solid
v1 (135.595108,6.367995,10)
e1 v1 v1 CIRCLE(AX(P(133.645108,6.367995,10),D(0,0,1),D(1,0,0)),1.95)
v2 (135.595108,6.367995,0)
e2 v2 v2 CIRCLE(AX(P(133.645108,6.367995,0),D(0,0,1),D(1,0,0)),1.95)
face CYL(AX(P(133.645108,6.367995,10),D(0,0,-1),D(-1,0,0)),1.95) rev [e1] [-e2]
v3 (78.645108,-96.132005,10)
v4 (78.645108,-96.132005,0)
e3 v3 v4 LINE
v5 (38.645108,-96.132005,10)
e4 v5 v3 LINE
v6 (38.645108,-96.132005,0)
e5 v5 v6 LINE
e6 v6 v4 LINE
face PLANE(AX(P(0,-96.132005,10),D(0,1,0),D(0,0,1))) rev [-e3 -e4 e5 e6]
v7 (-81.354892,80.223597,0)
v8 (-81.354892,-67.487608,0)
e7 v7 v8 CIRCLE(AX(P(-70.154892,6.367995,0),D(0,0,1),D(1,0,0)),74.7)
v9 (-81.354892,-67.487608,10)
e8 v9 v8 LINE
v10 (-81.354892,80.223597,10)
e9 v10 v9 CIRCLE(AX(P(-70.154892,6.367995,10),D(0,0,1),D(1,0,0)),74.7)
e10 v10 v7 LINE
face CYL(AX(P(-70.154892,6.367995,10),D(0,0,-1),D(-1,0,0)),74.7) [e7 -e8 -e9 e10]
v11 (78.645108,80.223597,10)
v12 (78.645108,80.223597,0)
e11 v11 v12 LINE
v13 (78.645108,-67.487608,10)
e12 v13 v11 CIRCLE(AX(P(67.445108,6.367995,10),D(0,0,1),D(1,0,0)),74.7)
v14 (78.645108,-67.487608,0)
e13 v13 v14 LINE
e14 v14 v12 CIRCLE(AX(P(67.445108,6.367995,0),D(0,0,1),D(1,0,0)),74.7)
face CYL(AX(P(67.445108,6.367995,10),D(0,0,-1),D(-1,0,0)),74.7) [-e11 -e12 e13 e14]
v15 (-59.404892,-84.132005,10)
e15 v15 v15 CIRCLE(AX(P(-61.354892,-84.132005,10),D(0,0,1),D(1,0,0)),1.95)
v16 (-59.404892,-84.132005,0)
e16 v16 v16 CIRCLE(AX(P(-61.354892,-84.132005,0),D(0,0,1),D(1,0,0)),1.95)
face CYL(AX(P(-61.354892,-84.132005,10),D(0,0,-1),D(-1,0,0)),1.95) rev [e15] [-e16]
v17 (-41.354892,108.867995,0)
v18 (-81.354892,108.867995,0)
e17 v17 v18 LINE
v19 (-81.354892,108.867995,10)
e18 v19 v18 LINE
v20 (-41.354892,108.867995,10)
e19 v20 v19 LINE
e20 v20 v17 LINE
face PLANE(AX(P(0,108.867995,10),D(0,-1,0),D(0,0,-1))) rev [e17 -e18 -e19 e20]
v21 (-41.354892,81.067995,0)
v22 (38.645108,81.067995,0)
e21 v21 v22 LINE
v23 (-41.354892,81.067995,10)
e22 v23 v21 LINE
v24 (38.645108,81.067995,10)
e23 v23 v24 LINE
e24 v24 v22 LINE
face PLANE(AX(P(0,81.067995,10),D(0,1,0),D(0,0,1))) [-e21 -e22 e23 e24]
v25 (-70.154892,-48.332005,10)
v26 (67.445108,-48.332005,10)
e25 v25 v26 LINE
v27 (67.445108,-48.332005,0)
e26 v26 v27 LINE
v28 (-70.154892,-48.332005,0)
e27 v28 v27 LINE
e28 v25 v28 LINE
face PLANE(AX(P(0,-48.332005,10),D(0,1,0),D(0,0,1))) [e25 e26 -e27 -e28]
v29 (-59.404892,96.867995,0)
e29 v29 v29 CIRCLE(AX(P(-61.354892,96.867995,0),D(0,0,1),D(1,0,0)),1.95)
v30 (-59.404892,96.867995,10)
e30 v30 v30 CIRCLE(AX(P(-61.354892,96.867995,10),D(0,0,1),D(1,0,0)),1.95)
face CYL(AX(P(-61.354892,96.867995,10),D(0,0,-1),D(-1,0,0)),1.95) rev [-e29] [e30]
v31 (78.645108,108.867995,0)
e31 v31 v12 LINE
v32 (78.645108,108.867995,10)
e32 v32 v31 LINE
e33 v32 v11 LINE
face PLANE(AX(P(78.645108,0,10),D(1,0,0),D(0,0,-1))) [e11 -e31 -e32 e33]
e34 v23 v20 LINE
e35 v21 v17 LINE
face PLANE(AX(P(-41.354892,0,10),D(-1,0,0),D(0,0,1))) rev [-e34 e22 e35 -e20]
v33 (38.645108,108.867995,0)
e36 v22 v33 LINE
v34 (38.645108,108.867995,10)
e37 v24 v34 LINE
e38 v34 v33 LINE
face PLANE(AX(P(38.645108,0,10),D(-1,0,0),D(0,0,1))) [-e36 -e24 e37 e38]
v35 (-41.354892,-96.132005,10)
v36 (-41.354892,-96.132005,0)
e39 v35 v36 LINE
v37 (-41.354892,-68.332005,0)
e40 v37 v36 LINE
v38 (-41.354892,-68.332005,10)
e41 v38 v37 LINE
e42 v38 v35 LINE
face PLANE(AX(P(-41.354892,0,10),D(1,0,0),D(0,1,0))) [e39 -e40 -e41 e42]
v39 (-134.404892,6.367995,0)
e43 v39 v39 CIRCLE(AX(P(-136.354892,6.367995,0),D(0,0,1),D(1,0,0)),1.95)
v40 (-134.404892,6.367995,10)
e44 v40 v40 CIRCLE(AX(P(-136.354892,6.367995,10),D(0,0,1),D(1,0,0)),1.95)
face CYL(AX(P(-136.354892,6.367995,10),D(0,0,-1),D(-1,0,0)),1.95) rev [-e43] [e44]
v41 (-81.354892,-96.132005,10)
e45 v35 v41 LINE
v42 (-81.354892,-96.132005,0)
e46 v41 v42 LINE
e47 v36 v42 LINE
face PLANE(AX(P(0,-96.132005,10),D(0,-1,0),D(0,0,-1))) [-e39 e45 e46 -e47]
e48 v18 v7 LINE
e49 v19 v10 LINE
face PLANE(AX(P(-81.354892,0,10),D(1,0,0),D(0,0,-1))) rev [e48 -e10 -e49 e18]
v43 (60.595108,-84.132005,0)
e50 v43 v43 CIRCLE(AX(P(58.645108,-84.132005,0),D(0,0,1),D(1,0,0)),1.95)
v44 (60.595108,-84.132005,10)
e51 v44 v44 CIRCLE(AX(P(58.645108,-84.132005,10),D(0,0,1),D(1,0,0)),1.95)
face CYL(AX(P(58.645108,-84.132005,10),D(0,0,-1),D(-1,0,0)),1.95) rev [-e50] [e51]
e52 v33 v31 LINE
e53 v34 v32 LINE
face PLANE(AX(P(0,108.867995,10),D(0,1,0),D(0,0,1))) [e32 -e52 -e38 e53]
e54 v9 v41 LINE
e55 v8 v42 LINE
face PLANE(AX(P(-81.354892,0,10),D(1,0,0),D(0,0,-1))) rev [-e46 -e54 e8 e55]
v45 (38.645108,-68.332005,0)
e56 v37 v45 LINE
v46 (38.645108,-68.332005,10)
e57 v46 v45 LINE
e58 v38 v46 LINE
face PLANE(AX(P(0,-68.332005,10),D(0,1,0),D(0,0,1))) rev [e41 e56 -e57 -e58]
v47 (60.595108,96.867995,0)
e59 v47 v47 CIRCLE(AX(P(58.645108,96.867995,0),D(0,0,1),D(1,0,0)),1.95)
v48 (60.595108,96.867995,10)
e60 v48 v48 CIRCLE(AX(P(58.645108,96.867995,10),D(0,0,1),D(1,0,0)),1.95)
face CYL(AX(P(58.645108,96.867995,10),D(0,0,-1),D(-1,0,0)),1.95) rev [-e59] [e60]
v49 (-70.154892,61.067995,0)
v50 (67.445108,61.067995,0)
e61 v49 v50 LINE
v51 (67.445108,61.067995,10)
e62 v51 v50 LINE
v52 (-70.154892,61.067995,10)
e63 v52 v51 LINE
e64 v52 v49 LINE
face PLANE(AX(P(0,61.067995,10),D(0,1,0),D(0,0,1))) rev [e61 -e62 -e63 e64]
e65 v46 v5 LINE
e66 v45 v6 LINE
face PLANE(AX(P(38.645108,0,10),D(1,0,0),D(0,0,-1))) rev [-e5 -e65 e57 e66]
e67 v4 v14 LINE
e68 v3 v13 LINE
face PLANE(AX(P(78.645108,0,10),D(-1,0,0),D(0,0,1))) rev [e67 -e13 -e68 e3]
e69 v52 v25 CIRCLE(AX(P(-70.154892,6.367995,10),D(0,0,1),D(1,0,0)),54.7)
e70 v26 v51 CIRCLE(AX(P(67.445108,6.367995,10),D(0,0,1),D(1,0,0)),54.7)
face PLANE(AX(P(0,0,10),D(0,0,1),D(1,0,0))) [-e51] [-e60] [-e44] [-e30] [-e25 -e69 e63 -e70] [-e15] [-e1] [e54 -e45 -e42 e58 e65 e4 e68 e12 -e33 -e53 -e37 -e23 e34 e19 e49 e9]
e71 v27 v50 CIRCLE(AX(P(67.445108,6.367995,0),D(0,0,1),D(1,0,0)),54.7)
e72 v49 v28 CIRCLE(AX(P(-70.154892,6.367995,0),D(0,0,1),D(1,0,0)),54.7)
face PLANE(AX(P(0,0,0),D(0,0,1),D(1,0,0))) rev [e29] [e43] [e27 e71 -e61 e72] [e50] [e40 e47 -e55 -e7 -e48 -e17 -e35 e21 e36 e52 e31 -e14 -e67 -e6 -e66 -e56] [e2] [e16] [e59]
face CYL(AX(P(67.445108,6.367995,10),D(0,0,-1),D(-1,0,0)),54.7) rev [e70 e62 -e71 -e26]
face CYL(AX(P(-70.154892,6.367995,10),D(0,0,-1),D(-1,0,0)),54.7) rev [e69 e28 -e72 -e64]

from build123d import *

# Parameters (mm, degrees)
SKETCH1_R           = 1.95
BOSS_EXTRUDE1_DEPTH = 10


with BuildPart() as part:
    # Sketch1 → Boss-Extrude1 (new body)
    with BuildSketch(Plane.XY):
        with BuildLine():
            ThreePointArc((-81.354892482, 80.223597026), (-144.854892482, 6.367994666), (-81.354892482, -67.487607695))
            Line((-81.354892482, -67.487607695), (-81.354892482, -96.132005334))
            Line((-81.354892482, -96.132005334), (-41.354892482, -96.132005334))
            Line((-41.354892482, -96.132005334), (-41.354892482, -68.332005334))
            Line((-41.354892482, -68.332005334), (38.645107518, -68.332005334))
            Line((38.645107518, -68.332005334), (38.645107518, -96.132005334))
            Line((38.645107518, -96.132005334), (78.645107518, -96.132005334))
            Line((78.645107518, -96.132005334), (78.645107518, -67.487607695))
            ThreePointArc((78.645107518, -67.487607695), (142.145107518, 6.367994666), (78.645107518, 80.223597026))
            Line((78.645107518, 80.223597026), (78.645107518, 108.867994666))
            Line((78.645107518, 108.867994666), (38.645107518, 108.867994666))
            Line((38.645107518, 108.867994666), (38.645107518, 81.067994666))
            Line((38.645107518, 81.067994666), (-41.354892482, 81.067994666))
            Line((-41.354892482, 81.067994666), (-41.354892482, 108.867994666))
            Line((-41.354892482, 108.867994666), (-81.354892482, 108.867994666))
            Line((-81.354892482, 108.867994666), (-81.354892482, 80.223597026))
        make_face()
        with Locations((-136.354892482, 6.367994666)):
            Circle(SKETCH1_R, mode=Mode.SUBTRACT)
        with Locations((133.645107518, 6.367994666)):
            Circle(SKETCH1_R, mode=Mode.SUBTRACT)
        with BuildLine():
            Line((-70.154892482, 61.067994666), (67.445107518, 61.067994666))
            ThreePointArc((67.445107518, 61.067994666), (122.145107518, 6.367994666), (67.445107518, -48.332005334))
            Line((67.445107518, -48.332005334), (-70.154892482, -48.332005334))
            ThreePointArc((-70.154892482, -48.332005334), (-124.854892482, 6.367994666), (-70.154892482, 61.067994666))
        make_face(mode=Mode.SUBTRACT)
        with Locations((-61.354892482, 96.867994666)):
            Circle(SKETCH1_R, mode=Mode.SUBTRACT)
        with Locations((58.645107518, 96.867994666)):
            Circle(SKETCH1_R, mode=Mode.SUBTRACT)
        with Locations((-61.354892482, -84.132005334)):
            Circle(SKETCH1_R, mode=Mode.SUBTRACT)
        with Locations((58.645107518, -84.132005334)):
            Circle(SKETCH1_R, mode=Mode.SUBTRACT)
    extrude(amount=BOSS_EXTRUDE1_DEPTH)


solid = part.part
